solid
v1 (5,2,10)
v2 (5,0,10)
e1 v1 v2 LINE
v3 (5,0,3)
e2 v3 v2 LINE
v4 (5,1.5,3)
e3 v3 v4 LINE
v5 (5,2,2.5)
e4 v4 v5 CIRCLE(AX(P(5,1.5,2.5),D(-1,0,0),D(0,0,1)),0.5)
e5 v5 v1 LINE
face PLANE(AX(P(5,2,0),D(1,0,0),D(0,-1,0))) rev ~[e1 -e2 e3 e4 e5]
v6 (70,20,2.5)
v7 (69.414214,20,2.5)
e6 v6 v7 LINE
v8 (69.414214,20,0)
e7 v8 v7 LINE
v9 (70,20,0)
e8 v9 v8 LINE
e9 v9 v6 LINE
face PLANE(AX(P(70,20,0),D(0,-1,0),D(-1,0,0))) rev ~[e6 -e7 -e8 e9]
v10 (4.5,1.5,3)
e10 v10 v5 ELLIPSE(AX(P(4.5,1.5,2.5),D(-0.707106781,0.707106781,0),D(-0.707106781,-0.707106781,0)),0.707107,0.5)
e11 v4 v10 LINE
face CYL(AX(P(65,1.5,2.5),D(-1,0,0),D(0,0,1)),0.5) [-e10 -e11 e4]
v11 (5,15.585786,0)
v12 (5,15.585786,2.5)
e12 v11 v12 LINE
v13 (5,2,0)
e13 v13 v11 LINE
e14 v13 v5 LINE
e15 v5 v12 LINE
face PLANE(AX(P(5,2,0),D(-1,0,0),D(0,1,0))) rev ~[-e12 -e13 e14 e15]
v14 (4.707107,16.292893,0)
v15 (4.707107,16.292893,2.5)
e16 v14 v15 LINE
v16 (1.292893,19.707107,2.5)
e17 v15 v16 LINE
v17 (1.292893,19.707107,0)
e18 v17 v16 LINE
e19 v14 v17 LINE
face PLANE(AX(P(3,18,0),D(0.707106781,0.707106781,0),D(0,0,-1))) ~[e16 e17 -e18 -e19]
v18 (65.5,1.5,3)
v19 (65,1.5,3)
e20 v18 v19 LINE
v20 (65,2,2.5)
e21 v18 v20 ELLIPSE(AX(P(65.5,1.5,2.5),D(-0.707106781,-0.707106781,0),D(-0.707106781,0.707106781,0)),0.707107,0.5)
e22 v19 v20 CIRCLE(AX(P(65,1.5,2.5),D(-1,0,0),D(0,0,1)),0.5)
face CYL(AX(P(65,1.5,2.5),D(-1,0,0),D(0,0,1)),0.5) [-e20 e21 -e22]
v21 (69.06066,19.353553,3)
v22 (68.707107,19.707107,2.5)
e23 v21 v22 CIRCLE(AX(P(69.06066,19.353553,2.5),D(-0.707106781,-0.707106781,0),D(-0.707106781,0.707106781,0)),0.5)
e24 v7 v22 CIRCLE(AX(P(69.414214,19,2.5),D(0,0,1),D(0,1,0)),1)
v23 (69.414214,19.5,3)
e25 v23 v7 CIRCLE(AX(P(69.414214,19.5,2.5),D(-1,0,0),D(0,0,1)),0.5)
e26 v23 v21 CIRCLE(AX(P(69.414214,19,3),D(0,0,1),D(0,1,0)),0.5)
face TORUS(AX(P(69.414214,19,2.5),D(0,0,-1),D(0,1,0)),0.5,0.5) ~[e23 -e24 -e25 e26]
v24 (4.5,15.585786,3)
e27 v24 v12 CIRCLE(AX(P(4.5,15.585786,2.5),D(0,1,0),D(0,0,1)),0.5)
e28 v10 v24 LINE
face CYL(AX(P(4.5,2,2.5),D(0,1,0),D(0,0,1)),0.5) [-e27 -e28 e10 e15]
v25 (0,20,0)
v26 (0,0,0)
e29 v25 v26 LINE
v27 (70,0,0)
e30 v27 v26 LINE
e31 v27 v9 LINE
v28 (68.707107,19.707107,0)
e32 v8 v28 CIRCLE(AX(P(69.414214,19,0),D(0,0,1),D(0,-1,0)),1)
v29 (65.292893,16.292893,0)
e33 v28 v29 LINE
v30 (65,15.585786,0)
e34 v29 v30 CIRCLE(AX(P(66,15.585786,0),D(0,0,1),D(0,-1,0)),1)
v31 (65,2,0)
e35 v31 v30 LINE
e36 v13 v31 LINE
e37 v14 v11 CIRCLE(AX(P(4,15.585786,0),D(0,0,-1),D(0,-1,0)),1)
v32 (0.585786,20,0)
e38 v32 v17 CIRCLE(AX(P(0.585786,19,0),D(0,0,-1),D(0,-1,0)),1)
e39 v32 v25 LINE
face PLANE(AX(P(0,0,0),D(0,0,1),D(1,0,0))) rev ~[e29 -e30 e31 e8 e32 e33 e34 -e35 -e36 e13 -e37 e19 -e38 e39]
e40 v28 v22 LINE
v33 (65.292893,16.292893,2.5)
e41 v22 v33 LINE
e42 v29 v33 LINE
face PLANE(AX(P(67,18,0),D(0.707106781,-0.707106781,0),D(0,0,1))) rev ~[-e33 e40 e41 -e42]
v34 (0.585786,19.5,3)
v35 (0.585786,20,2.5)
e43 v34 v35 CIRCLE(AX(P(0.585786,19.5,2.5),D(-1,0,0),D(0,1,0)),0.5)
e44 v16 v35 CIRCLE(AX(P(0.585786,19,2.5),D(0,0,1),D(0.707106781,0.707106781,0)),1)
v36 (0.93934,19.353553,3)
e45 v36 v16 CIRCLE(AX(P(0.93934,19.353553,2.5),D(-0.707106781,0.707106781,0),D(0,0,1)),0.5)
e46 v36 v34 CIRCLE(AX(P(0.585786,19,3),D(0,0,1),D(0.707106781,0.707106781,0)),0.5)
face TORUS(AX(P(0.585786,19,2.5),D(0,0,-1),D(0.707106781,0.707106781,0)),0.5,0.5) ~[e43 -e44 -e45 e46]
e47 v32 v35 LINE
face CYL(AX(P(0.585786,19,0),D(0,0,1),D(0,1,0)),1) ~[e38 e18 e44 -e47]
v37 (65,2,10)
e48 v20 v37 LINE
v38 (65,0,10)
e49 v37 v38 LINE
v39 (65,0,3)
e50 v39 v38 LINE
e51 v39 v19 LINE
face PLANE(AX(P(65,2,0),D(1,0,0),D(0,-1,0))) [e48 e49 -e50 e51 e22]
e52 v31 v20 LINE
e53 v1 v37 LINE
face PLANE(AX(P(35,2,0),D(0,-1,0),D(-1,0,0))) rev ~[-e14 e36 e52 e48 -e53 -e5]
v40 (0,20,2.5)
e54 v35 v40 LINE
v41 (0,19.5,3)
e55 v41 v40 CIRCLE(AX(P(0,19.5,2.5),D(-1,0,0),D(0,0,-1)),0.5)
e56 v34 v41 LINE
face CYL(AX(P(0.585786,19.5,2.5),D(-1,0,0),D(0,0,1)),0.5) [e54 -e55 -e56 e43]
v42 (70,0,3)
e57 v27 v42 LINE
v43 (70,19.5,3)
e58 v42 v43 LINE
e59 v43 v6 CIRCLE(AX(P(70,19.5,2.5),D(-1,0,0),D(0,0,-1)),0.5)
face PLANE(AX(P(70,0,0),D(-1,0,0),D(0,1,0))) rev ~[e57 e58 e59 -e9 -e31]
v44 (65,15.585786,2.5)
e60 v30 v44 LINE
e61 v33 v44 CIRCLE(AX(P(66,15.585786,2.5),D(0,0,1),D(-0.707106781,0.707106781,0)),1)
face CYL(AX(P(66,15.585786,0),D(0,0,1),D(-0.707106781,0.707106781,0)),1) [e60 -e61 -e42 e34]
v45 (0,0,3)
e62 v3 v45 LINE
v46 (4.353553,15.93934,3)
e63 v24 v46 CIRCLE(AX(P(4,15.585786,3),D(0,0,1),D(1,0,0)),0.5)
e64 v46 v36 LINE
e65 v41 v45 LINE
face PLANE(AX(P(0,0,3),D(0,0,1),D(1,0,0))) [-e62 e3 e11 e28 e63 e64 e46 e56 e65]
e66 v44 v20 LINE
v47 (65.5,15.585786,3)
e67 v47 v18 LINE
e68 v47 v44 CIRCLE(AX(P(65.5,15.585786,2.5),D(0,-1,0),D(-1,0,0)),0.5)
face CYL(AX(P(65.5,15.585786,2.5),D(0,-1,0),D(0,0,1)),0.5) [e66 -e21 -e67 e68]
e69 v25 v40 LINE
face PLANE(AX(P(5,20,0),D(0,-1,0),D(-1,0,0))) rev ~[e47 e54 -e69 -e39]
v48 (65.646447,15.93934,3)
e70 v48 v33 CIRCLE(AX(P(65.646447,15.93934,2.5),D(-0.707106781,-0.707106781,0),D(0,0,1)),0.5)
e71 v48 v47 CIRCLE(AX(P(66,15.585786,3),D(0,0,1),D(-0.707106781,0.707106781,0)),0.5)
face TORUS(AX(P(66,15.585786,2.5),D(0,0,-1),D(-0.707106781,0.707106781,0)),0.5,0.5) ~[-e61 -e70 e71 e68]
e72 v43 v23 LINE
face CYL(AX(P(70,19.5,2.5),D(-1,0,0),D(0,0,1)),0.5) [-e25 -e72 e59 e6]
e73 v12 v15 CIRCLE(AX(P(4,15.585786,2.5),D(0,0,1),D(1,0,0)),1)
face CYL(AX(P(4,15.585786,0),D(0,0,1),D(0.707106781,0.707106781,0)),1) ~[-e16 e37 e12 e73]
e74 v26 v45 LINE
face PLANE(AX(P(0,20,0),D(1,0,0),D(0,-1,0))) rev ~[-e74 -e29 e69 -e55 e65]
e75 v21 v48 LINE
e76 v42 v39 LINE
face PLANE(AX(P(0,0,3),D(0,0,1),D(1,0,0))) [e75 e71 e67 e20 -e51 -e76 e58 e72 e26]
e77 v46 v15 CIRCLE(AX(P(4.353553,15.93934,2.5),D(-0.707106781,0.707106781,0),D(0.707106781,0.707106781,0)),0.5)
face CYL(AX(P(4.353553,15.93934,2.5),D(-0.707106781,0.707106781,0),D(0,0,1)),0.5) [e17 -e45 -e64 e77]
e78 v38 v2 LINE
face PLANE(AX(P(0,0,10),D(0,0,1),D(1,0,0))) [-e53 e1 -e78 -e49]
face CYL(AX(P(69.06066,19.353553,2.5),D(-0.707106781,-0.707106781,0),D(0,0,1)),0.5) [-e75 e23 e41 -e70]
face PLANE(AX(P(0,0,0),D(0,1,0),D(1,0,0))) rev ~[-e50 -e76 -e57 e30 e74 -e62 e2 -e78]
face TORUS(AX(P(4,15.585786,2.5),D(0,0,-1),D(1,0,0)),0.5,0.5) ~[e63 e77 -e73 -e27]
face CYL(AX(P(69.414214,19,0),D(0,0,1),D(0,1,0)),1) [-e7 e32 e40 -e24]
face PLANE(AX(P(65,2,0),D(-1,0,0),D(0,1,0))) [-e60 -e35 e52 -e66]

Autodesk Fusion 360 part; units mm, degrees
sketch "Sketch1" plane through (0, 0, 0) normal (0, 0, 1) x (1, 0, 0)
  line L0 (0, 0) -> (70, 0)
  line L1 (70, 0) -> (70, 20)
  line L2 (70, 20) -> (0, 20)
  line L3 (0, 20) -> (0, 0)
  line L4 (35, 0) -> (35, 2)
  line L5 (35, 2) -> (5, 2)
  line L6 (5, 2) -> (5, 20)
  line L7 (65, 2) -> (65, 20)
  line L8 (35, 2) -> (65, 2)
  line L9 (5, 2) -> (5, 0)
  line L10 (65, 2) -> (65, 0)
  dimension "d2" = 70
  dimension "d3" = 20
  dimension "d5" = 2
  dimension "d6" = 30
extrude "Extrude1" add sketch "Sketch1" along normal blind 3 contours L0 L2 L3 L6 L9 | L0 L4 L5 L9 | L0 L4 L8 L10 | L0 L1 L2 L7 L10
chamfer "Chamfer1" distance 4 distance2 4 1 edges at (65, 20, 1.5) measured on face at (68.3333, 20, 1)
chamfer "Chamfer1" distance 4 distance2 4 1 edges at (5, 20, 1.5) measured on face at (5, 8, 1)
fillet "Fillet1" radius 1 4 edges at (5, 16, 1.5) (1, 20, 1.5) (65, 16, 1.5) (69, 20, 1.5)
fillet "Fillet2" radius 0.5 9 edges at (35, 2, 3) (69.0315, 19.9239, 3) (67, 18, 3) (65.0761, 15.9685, 3) (65, 8.7929, 3) (5, 8.7929, 3) (4.9239, 15.9685, 3) (3, 18, 3) (0.9685, 19.9239, 3)
extrude "Extrude2" add sketch "Sketch1" along normal blind 10 contours L0 L4 L5 L9 | L0 L4 L8 L10
equation "box_width = 70 mm"
equation "d2 = box_width"
equation "d3 = box_len"
equation "cover_width = 60 mm"
equation "d6 = cover_width / 2"
equation "box_len = 20 mm"
